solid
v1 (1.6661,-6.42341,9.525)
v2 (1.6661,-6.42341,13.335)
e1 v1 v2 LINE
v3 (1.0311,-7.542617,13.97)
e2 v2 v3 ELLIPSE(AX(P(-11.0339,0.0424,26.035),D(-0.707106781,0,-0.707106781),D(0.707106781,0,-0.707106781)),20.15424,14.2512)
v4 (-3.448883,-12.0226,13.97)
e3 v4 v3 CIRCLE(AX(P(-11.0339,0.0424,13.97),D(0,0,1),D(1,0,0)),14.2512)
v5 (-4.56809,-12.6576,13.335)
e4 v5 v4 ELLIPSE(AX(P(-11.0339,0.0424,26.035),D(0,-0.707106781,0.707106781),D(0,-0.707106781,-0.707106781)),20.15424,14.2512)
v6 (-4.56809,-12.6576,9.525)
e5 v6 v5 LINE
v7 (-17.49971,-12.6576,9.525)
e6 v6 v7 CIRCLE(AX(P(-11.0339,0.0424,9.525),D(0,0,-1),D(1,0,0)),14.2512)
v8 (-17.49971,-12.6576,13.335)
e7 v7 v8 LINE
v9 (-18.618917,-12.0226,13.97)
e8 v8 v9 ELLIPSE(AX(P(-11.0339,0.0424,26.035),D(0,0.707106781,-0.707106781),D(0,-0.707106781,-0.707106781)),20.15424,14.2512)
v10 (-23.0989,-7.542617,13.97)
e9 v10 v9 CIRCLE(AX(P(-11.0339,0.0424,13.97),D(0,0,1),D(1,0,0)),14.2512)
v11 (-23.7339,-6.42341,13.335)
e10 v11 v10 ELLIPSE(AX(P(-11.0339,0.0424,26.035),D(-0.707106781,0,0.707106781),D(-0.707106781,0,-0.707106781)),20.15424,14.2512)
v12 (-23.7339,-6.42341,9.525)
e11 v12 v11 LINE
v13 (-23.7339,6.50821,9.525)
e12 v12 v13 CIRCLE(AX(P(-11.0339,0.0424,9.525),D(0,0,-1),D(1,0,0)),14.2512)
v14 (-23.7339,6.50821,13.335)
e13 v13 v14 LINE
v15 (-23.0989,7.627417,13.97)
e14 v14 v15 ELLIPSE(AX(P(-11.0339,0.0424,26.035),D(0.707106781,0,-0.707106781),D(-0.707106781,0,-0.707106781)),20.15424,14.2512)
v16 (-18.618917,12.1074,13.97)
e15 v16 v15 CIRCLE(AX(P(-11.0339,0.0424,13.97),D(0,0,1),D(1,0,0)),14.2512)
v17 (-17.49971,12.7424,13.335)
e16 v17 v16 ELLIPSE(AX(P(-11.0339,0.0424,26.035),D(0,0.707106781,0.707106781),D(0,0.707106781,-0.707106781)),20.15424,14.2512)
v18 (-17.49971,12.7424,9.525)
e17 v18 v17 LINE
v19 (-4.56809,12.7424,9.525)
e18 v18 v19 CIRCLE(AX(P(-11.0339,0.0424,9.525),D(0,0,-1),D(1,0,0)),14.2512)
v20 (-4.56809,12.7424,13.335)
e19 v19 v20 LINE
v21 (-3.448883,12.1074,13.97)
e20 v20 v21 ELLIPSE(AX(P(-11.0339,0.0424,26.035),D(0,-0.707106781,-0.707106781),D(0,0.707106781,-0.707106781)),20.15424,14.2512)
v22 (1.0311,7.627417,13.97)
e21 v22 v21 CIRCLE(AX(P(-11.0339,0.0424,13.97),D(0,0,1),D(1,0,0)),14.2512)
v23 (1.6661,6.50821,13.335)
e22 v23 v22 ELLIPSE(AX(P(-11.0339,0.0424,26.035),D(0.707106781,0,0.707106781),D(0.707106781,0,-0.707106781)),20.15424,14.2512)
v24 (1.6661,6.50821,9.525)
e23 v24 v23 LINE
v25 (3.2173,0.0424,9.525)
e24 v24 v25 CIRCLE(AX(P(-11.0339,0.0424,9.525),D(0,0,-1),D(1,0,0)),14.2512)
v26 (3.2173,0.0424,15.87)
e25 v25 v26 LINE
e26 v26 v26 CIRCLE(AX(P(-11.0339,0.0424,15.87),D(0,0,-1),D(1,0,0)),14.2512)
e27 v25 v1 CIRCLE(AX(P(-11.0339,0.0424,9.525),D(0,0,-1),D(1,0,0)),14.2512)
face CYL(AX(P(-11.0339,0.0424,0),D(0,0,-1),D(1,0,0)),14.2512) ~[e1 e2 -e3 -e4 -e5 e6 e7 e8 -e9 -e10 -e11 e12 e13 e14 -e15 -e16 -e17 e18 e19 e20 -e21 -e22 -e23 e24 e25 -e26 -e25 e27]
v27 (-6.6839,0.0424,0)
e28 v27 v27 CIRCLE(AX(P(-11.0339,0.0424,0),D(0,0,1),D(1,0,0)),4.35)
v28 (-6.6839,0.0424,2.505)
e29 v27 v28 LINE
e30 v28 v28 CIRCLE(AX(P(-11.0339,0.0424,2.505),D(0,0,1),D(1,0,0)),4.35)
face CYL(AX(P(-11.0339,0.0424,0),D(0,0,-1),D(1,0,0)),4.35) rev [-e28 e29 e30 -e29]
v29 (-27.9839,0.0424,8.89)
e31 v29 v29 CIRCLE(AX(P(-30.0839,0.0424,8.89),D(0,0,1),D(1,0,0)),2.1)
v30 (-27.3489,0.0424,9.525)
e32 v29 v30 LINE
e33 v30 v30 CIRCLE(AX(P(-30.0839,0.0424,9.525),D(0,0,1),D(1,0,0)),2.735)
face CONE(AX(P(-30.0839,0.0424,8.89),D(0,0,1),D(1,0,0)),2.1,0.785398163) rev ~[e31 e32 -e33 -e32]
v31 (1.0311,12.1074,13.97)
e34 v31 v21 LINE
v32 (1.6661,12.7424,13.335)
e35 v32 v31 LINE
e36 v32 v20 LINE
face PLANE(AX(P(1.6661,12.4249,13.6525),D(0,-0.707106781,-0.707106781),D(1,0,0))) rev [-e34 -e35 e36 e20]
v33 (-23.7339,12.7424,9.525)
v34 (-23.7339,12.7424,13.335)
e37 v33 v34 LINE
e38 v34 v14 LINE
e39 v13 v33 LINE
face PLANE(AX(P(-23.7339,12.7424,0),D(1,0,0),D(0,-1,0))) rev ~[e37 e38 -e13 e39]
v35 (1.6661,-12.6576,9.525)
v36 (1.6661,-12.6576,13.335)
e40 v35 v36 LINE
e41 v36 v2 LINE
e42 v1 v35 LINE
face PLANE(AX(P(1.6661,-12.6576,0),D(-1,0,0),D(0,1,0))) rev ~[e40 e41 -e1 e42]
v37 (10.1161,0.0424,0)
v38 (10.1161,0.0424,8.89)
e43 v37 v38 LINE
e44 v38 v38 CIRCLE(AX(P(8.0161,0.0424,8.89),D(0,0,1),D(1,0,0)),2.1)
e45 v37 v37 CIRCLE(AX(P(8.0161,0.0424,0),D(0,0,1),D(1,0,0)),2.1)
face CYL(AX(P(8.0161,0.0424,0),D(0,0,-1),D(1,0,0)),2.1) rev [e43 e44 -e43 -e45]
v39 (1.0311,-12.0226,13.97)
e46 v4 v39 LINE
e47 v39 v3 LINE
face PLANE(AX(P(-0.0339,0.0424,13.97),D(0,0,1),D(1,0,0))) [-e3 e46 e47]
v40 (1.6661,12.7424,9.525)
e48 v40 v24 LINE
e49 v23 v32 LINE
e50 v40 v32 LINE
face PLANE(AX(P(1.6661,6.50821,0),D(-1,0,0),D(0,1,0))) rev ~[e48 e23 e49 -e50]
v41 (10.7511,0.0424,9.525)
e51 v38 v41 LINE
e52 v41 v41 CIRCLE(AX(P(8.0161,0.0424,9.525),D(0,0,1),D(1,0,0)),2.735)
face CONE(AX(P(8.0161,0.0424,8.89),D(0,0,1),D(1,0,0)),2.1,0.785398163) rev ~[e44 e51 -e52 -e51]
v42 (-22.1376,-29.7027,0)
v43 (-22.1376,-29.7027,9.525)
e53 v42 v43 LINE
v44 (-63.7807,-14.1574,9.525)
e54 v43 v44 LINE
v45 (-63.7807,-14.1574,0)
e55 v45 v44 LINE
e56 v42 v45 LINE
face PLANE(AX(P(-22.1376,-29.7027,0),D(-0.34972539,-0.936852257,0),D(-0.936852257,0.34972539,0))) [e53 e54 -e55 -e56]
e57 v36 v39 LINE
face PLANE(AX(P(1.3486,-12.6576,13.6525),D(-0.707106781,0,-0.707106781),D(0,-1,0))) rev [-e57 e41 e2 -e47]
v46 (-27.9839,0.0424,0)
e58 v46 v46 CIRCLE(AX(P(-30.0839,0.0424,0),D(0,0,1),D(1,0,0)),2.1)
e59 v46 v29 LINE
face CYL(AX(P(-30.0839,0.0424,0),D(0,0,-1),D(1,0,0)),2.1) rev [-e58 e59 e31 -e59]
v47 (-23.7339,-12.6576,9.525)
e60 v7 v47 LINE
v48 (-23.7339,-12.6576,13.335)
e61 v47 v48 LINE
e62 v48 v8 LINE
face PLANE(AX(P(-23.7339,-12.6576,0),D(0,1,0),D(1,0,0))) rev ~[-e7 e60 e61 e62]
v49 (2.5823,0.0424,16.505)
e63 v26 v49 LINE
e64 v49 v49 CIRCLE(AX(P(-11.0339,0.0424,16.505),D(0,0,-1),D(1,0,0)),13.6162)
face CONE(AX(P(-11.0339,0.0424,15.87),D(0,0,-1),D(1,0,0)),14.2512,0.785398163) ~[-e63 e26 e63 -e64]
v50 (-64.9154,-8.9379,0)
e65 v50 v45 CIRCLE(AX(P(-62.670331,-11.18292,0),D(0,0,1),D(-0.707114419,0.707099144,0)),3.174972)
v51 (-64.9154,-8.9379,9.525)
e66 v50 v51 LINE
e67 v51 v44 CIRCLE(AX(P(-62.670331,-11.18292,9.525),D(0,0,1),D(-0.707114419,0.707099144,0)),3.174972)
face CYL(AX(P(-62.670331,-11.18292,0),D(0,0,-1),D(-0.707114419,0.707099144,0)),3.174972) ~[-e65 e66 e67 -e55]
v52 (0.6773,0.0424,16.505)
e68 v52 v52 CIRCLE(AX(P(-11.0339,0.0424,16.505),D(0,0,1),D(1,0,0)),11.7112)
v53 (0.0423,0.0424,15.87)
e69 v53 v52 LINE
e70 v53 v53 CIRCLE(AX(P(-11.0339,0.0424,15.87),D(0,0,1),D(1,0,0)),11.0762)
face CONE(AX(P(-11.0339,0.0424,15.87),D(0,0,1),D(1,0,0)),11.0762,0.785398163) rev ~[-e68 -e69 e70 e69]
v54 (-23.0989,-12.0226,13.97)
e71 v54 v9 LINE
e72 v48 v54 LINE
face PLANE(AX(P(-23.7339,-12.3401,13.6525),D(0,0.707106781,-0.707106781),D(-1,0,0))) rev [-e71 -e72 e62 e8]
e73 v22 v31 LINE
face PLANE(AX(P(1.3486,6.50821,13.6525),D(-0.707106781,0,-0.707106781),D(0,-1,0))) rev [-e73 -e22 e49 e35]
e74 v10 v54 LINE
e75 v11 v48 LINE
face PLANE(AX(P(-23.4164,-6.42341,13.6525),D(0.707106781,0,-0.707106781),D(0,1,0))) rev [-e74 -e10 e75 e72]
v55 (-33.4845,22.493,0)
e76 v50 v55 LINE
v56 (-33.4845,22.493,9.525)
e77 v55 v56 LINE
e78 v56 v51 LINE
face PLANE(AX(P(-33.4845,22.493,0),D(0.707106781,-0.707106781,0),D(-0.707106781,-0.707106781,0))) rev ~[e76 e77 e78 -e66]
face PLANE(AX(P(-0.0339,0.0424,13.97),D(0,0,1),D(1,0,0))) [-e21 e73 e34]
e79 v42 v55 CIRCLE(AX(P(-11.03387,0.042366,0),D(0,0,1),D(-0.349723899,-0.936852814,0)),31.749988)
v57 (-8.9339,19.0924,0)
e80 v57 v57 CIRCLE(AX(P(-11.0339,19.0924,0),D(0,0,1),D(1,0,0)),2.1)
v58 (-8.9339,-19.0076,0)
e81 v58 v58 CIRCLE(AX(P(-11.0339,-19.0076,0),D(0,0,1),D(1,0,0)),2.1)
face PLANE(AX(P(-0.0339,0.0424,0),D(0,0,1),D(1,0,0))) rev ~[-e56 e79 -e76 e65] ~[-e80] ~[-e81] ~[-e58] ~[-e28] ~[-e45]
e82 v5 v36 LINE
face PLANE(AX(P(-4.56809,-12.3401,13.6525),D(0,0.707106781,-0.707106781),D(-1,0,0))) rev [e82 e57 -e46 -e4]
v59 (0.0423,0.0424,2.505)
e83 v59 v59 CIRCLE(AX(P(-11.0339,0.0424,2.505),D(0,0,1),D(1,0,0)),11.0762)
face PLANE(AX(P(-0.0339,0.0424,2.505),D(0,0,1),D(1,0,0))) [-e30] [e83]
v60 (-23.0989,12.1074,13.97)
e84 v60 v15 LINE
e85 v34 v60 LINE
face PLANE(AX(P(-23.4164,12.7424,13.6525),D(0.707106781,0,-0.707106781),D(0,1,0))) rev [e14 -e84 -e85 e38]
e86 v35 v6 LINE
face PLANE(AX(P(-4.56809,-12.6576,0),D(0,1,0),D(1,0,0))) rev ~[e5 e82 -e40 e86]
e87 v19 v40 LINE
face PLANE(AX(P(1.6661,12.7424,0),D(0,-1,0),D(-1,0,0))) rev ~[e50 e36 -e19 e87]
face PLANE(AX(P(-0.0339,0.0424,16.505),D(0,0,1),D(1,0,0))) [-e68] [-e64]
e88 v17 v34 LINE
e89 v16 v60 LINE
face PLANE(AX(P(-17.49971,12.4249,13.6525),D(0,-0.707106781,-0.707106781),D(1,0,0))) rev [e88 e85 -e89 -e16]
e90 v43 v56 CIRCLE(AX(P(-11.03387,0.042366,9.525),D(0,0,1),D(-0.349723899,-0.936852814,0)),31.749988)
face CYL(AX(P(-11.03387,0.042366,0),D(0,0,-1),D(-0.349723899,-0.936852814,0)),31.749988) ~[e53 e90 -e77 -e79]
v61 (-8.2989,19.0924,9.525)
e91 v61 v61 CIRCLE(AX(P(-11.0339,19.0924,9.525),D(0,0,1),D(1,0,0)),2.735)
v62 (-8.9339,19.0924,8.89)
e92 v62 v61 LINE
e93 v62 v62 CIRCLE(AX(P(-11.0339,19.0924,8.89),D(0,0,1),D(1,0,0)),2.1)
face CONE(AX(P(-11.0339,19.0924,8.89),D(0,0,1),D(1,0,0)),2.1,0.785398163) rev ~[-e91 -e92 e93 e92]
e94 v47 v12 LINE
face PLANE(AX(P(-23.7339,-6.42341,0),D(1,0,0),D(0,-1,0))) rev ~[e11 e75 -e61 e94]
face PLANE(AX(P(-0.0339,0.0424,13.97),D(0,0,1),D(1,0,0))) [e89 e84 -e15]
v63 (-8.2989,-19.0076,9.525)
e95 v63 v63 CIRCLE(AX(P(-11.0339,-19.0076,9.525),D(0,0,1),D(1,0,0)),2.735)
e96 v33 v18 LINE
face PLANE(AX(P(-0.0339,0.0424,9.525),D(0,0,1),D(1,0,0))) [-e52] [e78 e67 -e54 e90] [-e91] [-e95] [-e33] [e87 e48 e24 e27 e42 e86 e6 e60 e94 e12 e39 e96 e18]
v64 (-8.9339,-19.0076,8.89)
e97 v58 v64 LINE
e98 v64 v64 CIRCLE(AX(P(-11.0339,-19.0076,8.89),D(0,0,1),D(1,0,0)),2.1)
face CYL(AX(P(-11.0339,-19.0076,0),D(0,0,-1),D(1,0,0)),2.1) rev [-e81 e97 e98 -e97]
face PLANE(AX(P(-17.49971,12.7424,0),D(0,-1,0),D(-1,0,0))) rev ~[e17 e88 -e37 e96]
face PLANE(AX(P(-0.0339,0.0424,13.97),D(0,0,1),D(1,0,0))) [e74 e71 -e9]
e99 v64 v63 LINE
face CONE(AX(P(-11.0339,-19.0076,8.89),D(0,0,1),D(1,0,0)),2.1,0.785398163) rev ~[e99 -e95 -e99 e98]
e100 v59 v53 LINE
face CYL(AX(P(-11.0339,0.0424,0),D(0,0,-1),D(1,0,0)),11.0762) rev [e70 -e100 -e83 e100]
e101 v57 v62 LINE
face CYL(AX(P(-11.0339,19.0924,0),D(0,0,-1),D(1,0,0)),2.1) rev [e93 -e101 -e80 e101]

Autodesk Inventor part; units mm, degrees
ref_plane "YZ Plane" through (0, 0, 0) normal (1, 0, 0) x (0, 1, 0)
ref_plane "XZ Plane" through (0, 0, 0) normal (0, 1, 0) x (-1, 0, 0)
ref_plane "XY Plane" through (0, 0, 0) normal (0, 0, 1) x (1, 0, 0)
ref_plane "Work Plane1" through (-0.0339, 0.0424, 0) normal (0, 0, 1) x (1, 0, 0)
sketch "Sketch1" plane through (-0.0339, 0.0424, 0) normal (0, 0, 1) x (1, 0, 0)
  circle A0 centre (-11, 0) radius 11 projected
  circle A1 centre (-11, 0) radius 11.0762
  arc A2 (-22.1037, -29.7451) -> (-33.4506, 22.4506) centre (-11, 0) ccw
  line L0 (1.7, 12.7) -> (-23.7, 12.7)
  line L1 (-23.7, 12.7) -> (-23.7, -12.7)
  line L2 (-23.7, -12.7) -> (1.7, -12.7)
  line L3 (1.7, -12.7) -> (1.7, 12.7)
  line L4 (1.7, 12.7) -> (-23.7, -12.7) construction
  line L5 (-23.7, 12.7) -> (1.7, -12.7) construction
  circle A3 centre (8.05, 0) radius 2.1
  circle A4 centre (-11, 19.05) radius 2.1
  circle A5 centre (-30.05, 0) radius 2.1
  circle A6 centre (-11, -19.05) radius 2.1
  circle A7 centre (-11, 0) radius 14.2512
  circle A8 centre (-11, 0) radius 4.35
  line L6 (-33.4506, 22.4506) -> (-64.8815, -8.9803)
  arc A9 (-64.8815, -8.9803) -> (-63.7468, -14.1998) centre (-62.6365, -11.2253) ccw
  line L7 (-22.1037, -29.7451) -> (-63.7468, -14.1998)
  line L8 (-46.921, 8.9803) -> (-64.8815, -8.9803)
  point P0 (0.0339, -0.0424)
  point P1 (-23.7, 6.4658)
  point P2 (-17.4658, 12.7)
  point P3 (-17.4658, -12.7)
  point P4 (-23.7, -6.4658)
  point P5 (1.7, -6.4658)
  point P6 (-4.5342, -12.7)
  point P7 (-4.5342, 12.7)
  point P8 (1.7, 6.4658)
  point P9 (-42.4309, 4.4901)
  dimension "d0" = 0.0762
  dimension "d1" = 63.5
  dimension "d2" = 25.4
  dimension "d3" = 25.4
  dimension "d4" = 4.2
  dimension "d5" = 19.05
  dimension "d8" = 360
  dimension "d10" = 3.175
  dimension "d15" = 8.7
  dimension "d23" = 6.35
extrude "Extrusion1" add sketch "Sketch1" along normal blind 16.505 contours A7 L3 L2 L1 L0 | L0 A7 | A7 L3 | L1 A7 | A7 L2
extrude "Extrusion2" add sketch "Sketch1" along normal blind 9.525 contours L7 A9 L6 A2 | L3 A7 L0 | A7 L3 L2 L1 L0 | L0 A7 | A7 L3 | A7 L1 L0 | L3 L2 A7 | L1 A7 | A7 L2 | A7 L2 L1
extrude "Extrusion3" add sketch "Sketch1" along normal blind 2.505 contours A0 | A1
extrude "Extrusion4" add sketch "Sketch1" along normal blind 13.97 contours L3 A7 L0 | A7 L1 L0 | L3 L2 A7 | A7 L2 L1
chamfer "Chamfer1" distance 0.635 angle 45 14 edges at (-22.1101, 0.0424, 16.505) (5.9161, 0.0424, 9.525) (-13.1339, 19.0924, 9.525) (-13.1339, -19.0076, 9.525) (-32.1839, 0.0424, 9.525) (1.6661, 9.6253, 13.97) (-1.451, 12.7424, 13.97) (-20.6168, 12.7424, 13.97) (-23.7339, 9.6253, 13.97) (1.6661, -9.5405, 13.97) (-1.451, -12.6576, 13.97) (-23.7339, -9.5405, 13.97) (-20.6168, -12.6576, 13.97) (-25.2851, 0.0424, 16.505)
properties part number "WeightBearingMount"
